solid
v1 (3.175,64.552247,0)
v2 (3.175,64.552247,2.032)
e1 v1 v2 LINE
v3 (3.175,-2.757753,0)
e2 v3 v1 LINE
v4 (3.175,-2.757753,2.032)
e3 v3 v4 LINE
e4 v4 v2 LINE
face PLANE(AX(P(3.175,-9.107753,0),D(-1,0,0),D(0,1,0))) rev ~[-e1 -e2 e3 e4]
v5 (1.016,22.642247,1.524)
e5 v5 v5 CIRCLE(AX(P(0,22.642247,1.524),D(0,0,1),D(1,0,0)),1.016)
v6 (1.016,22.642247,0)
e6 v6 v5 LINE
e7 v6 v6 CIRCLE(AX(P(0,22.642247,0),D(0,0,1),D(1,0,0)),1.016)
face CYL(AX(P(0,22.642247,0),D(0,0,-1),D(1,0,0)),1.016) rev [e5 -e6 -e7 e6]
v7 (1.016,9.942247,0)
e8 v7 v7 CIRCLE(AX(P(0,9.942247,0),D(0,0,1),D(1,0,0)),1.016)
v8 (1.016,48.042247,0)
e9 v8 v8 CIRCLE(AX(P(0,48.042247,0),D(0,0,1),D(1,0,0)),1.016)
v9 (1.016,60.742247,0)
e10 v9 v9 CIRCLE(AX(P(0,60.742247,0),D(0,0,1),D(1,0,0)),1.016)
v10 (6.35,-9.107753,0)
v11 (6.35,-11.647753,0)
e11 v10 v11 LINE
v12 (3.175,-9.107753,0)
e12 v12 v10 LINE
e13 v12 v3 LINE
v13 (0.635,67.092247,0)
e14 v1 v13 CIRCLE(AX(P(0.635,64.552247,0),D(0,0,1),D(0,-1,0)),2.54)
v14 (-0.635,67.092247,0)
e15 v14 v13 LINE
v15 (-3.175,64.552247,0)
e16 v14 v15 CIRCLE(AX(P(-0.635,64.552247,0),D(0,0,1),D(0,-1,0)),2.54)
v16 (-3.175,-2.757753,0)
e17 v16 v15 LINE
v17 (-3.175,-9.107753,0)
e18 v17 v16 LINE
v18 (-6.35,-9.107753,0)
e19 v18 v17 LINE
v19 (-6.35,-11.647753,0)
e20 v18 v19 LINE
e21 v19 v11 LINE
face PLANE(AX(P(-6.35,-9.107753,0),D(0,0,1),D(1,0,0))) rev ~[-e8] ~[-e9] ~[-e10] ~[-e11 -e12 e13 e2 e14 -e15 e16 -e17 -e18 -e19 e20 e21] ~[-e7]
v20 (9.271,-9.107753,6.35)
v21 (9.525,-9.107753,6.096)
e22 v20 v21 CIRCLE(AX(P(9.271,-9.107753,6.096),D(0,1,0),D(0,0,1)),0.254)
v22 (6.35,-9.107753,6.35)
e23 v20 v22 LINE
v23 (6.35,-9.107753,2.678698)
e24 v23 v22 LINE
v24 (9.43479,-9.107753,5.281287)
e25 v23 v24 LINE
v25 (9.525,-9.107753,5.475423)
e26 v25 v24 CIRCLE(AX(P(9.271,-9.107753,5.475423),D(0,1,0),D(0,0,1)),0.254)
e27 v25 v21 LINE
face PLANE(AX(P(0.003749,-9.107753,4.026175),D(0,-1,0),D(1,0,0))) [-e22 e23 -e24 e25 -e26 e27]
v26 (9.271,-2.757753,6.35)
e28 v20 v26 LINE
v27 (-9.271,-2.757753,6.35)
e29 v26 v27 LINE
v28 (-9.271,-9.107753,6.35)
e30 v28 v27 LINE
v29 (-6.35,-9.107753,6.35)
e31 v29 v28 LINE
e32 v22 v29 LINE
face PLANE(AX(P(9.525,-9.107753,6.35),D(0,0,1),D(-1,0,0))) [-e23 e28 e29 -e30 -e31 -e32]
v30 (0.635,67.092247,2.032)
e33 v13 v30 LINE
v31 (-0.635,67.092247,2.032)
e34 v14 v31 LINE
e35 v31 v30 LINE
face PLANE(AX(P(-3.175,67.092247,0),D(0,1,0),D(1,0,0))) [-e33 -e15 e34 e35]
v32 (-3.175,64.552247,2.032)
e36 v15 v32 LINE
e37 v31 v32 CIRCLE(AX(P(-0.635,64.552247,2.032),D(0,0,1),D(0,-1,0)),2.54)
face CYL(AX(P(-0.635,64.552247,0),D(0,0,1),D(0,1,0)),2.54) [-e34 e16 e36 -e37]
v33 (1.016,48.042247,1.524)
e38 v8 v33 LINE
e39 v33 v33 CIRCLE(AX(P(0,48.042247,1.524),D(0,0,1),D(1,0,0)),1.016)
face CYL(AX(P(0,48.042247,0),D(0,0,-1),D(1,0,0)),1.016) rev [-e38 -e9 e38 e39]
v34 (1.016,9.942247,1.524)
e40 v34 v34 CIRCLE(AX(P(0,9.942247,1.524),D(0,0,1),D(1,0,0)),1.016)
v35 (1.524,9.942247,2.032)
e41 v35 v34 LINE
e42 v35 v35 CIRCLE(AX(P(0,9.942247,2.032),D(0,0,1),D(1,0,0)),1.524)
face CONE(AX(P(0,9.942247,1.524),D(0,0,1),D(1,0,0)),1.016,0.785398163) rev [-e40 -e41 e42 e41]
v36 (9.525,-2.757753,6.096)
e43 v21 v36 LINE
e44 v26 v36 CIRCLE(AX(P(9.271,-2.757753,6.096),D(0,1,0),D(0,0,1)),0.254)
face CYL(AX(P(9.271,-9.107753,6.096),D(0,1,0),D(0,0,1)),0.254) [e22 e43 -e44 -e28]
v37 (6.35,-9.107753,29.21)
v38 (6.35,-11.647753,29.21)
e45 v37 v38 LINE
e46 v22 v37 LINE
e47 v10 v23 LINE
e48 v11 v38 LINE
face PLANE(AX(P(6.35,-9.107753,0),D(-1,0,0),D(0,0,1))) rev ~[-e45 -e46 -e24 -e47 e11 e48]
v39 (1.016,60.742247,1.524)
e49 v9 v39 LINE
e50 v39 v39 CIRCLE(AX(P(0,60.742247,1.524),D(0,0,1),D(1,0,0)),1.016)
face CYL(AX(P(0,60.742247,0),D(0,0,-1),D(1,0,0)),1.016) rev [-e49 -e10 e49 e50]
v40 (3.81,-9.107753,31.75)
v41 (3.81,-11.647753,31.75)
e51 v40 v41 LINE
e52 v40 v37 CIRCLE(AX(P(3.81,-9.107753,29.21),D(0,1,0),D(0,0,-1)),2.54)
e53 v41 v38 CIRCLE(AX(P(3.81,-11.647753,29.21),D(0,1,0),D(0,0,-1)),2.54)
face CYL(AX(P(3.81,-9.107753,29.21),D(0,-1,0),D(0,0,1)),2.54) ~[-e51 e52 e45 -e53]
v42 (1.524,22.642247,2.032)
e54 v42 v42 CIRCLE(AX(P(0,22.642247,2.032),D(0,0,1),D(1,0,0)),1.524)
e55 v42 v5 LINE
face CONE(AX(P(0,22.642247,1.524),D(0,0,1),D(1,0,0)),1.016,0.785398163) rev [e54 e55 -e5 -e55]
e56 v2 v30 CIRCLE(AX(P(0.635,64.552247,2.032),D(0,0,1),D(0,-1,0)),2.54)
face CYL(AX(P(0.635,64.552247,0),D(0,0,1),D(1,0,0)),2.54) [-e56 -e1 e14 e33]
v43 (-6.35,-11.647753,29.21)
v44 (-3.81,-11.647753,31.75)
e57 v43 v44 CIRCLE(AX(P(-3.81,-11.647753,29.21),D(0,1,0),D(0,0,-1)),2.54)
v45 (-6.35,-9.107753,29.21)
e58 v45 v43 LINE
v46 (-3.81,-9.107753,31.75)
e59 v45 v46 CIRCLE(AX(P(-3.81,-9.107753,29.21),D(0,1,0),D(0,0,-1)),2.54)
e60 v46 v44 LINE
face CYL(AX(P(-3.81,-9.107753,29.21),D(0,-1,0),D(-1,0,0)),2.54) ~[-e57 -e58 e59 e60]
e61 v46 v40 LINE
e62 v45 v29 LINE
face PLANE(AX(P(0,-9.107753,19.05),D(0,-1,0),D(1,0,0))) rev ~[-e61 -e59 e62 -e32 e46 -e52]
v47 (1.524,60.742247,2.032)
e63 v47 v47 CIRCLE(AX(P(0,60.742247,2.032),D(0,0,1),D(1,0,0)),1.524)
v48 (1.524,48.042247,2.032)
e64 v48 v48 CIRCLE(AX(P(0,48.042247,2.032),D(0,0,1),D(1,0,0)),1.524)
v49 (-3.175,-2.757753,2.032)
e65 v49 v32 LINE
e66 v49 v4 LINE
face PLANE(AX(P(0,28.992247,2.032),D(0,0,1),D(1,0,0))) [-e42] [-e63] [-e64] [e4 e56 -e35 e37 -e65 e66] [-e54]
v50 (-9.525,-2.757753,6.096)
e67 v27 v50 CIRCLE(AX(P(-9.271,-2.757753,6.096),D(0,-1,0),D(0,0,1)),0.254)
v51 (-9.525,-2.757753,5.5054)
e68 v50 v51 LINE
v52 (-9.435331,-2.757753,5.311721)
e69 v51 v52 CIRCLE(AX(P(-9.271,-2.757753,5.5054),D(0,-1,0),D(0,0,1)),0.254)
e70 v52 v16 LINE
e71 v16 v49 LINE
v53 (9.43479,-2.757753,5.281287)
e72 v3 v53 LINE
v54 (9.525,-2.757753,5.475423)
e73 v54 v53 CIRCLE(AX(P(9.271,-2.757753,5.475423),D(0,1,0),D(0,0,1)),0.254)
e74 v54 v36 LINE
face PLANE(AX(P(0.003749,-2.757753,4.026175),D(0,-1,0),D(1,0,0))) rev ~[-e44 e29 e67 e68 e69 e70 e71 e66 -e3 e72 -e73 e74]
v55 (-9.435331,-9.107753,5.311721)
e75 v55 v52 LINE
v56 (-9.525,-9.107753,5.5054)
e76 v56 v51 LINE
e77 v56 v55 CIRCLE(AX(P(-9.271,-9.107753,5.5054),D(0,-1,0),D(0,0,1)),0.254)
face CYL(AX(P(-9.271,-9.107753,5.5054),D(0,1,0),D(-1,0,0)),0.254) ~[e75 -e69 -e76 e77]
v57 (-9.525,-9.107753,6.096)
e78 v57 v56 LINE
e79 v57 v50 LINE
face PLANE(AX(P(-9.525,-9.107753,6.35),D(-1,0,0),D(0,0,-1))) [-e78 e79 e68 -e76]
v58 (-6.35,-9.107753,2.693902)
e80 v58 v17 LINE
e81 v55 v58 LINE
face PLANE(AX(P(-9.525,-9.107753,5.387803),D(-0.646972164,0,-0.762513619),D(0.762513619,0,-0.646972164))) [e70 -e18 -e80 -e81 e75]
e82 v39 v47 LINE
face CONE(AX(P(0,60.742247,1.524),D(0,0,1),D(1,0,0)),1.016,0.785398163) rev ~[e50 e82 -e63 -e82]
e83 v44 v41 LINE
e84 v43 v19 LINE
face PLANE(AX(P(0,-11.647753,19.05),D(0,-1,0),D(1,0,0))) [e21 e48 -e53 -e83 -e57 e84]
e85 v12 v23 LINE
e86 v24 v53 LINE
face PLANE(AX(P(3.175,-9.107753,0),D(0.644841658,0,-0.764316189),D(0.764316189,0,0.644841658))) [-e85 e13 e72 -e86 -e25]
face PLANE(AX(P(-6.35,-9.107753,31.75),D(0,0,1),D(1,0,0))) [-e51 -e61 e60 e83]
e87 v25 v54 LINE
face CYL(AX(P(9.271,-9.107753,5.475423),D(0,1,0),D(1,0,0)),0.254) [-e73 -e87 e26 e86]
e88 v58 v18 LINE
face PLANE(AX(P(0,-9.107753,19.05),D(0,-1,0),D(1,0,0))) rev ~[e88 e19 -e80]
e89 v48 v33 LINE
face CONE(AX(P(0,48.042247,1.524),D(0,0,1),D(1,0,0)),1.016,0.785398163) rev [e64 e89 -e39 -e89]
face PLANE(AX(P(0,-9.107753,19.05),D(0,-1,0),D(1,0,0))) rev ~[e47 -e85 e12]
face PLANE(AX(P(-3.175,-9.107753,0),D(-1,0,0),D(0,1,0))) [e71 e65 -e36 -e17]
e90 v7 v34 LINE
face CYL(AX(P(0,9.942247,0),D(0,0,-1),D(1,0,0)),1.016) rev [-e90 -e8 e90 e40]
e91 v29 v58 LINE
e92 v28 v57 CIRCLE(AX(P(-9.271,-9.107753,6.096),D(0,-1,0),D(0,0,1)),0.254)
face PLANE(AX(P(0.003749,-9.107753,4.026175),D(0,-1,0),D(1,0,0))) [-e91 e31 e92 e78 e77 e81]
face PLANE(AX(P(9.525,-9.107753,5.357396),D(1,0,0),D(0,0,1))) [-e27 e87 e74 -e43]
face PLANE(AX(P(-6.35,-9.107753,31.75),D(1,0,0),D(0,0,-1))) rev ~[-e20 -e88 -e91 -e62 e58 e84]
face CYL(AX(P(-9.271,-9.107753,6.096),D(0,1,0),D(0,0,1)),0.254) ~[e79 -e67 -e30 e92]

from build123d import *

# Parameters (mm, degrees)
F0_W     = 6.35
F0_H     = 76.2
F0_R     = 1.016
F1_DEPTH = 2.032
F3_DEPTH = 6.35
F4_R     = 0.254
F5_R     = 0.254
F6_SIZE  = 0.508
F7_SIZE  = 0.508
F8_W     = 12.7
F8_H     = 25.4
F9_DEPTH = 2.54
F10_R    = 2.54
F11_R    = 2.54


with BuildPart() as f1:
    # F0 (on Top) → F1 (new body)
    with BuildSketch(Plane.XY):
        with Locations((0, 28.9922469051)):
            Rectangle(F0_W, F0_H)
        with Locations((0, 9.9422469051)):
            Circle(F0_R, mode=Mode.SUBTRACT)
        with Locations((0, 22.6422469051)):
            Circle(F0_R, mode=Mode.SUBTRACT)
        with Locations((0, 48.0422469051)):
            Circle(F0_R, mode=Mode.SUBTRACT)
        with Locations((0, 60.7422469051)):
            Circle(F0_R, mode=Mode.SUBTRACT)
    extrude(amount=F1_DEPTH)

    # F2 (on face) → F3 (join)
    with BuildSketch(Plane.XZ.offset(9.1077530949)):
        Polygon((-9.525, 5.3878031066), (-3.175, 0), (3.175, 0), (9.525, 5.3573960435), (9.525, 6.35), (3.175, 6.35), (-3.175, 6.35), (-9.525, 6.35), align=None)
    extrude(amount=-F3_DEPTH)

    # F4
    f4_edges = [f1.edges().sort_by_distance(p)[0] for p in [
        (9.525, -5.932753, 6.35),
    ]]
    fillet(f4_edges, radius=F4_R)

    # F5
    f5_edges = [f1.edges().sort_by_distance(p)[0] for p in [
        (9.525, -5.932753, 5.357396),
        (-9.525, -5.932753, 6.35),
        (-9.525, -5.932753, 5.387803),
    ]]
    fillet(f5_edges, radius=F5_R)

    # F6
    f6_edges = [f1.edges().sort_by_distance(p)[0] for p in [
        (-1.016, 60.742247, 2.032),
    ]]
    chamfer(f6_edges, length=F6_SIZE)

    # F7
    f7_edges = [f1.edges().sort_by_distance(p)[0] for p in [
        (-1.016, 48.042247, 2.032),
        (-1.016, 22.642247, 2.032),
        (-1.016, 9.942247, 2.032),
    ]]
    chamfer(f7_edges, length=F7_SIZE)

    # F8 (on face) → F9 (join)
    with BuildSketch(Plane.XZ.offset(9.1077530949)):
        with Locations((0, 19.05)):
            Rectangle(F8_W, F8_H)
        Polygon((6.35, 6.35), (-6.35, 6.35), (-6.35, 2.6939015533), (-3.175, 0), (3.175, 0), (6.35, 2.6786980217), align=None)
        Polygon((6.35, 0), (6.35, 2.6786980217), (3.175, 0), align=None)
        Polygon((-3.175, 0), (-6.35, 2.6939015533), (-6.35, 0), align=None)
    extrude(amount=F9_DEPTH)

    # F10
    f10_edges = [f1.edges().sort_by_distance(p)[0] for p in [
        (6.35, -10.377753, 31.75),
        (-6.35, -10.377753, 31.75),
    ]]
    fillet(f10_edges, radius=F10_R)

    # F11
    f11_edges = [f1.edges().sort_by_distance(p)[0] for p in [
        (-3.175, 67.092247, 1.016),
        (3.175, 67.092247, 1.016),
    ]]
    fillet(f11_edges, radius=F11_R)


solid = f1.part
